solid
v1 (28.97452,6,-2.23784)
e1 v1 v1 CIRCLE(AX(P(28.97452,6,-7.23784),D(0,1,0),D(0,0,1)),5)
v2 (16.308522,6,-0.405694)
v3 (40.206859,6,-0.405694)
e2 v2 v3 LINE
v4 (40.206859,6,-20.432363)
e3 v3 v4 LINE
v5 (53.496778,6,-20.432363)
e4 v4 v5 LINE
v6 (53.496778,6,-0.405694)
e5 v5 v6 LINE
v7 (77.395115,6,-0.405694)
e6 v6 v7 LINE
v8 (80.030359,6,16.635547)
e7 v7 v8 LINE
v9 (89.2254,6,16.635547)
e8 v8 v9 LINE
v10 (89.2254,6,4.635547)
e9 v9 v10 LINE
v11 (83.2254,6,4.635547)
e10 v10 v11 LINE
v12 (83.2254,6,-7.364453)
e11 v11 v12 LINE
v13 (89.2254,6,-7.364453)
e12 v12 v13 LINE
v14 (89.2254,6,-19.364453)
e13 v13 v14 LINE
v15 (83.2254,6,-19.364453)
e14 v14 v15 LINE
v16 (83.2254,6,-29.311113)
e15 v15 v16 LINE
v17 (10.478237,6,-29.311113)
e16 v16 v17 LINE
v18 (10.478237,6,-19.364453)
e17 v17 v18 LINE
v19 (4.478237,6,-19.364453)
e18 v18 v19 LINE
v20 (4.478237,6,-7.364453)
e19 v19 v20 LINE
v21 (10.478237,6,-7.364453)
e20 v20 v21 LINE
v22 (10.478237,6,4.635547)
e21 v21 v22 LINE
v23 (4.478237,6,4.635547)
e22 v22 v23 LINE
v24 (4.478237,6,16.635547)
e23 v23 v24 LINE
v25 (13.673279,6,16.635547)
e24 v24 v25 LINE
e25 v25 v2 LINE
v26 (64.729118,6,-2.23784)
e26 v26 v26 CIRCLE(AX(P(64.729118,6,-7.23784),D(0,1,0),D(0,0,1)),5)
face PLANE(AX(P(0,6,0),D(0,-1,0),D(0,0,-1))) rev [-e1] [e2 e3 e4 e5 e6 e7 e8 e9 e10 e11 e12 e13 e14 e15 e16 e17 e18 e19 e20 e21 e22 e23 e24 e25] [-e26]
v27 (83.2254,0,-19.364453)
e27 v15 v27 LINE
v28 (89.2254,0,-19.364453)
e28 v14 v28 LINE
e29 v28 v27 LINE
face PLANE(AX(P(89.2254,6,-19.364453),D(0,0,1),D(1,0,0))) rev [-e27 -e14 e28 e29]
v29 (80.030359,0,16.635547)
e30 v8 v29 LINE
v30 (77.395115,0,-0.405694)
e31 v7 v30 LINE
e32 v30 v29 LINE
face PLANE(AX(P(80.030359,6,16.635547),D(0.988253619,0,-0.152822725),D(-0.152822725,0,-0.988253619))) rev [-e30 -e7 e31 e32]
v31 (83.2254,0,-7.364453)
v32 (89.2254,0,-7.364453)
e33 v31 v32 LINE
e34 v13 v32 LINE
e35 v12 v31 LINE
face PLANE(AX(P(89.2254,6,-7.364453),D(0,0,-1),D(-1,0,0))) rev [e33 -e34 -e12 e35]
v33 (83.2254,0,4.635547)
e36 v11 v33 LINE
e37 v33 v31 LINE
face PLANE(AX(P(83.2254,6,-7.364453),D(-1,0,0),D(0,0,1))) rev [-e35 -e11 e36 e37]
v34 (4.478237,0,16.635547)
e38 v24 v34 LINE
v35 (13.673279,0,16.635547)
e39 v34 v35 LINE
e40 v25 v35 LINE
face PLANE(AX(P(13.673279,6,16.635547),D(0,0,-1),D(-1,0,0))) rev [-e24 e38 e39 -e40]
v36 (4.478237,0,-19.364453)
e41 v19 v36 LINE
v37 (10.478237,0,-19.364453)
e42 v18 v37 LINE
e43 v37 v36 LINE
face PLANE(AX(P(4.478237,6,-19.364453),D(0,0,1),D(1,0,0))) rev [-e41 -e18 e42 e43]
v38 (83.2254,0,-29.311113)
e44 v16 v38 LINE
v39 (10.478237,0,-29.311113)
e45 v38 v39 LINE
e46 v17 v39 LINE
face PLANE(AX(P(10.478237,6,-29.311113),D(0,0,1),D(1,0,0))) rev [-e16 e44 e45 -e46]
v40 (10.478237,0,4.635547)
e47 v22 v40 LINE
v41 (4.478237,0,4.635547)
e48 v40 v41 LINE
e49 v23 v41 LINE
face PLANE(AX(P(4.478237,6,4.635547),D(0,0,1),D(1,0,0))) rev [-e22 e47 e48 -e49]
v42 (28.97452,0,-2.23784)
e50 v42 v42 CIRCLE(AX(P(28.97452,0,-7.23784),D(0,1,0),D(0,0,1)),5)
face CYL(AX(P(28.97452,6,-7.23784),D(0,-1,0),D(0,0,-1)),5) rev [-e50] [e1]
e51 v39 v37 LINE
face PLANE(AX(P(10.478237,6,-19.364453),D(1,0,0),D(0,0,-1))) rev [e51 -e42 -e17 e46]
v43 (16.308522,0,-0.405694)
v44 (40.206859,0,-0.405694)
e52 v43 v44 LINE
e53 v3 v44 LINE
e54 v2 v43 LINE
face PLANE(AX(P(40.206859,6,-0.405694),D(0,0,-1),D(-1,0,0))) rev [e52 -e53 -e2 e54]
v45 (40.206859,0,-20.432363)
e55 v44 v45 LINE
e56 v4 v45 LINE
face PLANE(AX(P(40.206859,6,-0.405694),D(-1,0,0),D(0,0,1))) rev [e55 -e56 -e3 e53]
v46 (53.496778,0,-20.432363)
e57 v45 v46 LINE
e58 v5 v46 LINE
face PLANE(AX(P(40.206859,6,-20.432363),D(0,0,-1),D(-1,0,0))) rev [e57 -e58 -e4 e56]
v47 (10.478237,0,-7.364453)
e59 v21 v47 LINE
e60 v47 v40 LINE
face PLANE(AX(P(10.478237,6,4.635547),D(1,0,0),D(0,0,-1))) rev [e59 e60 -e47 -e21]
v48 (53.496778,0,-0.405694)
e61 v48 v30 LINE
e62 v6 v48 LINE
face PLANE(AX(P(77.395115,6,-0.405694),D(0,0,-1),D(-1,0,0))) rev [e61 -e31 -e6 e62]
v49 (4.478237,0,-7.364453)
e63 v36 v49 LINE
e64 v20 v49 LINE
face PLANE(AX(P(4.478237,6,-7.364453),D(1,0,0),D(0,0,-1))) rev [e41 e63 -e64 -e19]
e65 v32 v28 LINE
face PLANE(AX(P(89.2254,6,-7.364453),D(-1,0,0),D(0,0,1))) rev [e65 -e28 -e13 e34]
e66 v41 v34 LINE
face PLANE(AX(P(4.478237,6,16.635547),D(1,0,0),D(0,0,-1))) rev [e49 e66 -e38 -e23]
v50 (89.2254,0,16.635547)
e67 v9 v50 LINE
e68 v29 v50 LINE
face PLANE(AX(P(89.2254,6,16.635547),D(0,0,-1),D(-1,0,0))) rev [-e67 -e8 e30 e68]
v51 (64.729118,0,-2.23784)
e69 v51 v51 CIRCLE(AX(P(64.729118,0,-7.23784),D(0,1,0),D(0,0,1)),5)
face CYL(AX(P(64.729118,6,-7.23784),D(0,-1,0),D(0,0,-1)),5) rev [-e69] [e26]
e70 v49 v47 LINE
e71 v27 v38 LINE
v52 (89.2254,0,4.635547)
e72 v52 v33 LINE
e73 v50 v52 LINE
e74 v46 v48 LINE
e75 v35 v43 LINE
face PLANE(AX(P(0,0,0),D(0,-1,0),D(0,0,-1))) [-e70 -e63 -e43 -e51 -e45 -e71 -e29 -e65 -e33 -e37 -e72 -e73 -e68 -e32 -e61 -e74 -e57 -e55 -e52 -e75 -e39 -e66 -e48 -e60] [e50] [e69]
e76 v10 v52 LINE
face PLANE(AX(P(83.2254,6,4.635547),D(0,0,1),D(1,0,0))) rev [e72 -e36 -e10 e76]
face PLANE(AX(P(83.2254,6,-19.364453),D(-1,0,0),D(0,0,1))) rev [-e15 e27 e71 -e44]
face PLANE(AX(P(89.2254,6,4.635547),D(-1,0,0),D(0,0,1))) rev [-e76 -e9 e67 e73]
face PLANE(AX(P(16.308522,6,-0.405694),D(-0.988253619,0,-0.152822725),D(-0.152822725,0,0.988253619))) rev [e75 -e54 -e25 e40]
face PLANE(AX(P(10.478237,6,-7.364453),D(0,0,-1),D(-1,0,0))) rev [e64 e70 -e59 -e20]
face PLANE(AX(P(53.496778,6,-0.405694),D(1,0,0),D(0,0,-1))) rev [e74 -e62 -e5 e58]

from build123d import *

# Parameters (mm, degrees)
SKETCH1_R           = 5
BOSS_EXTRUDE1_DEPTH = 6


with BuildPart() as part:
    # Sketch1 → Boss-Extrude1 (new body)
    with BuildSketch(Plane(origin=(0, 0, 0), x_dir=(1, 0, 0), z_dir=(0, 1, 0))):
        Polygon((13.673278968, -16.635546923), (4.478237082, -16.635546923), (4.478237082, -4.635546923), (10.478237082, -4.635546923), (10.478237082, 7.364453077), (4.478237082, 7.364453077), (4.478237082, 19.364453077), (10.478237082, 19.364453077), (10.478237082, 29.311113477), (83.225400432, 29.311113477), (83.225400432, 19.364453077), (89.225400432, 19.364453077), (89.225400432, 7.364453077), (83.225400432, 7.364453077), (83.225400432, -4.635546923), (89.225400432, -4.635546923), (89.225400432, -16.635546923), (80.030358547, -16.635546923), (77.395115136, 0.405693798), (53.496778433, 0.405693798), (53.496778433, 20.432362651), (40.206859082, 20.432362651), (40.206859082, 0.405693798), (16.308522379, 0.405693798), align=None)
        with Locations(Location((28.974519722, 7.237839647, 0), (0, 0, 270))):
            Circle(SKETCH1_R, mode=Mode.SUBTRACT)
        with Locations(Location((64.729117792, 7.237839647, 0), (0, 0, 270))):
            Circle(SKETCH1_R, mode=Mode.SUBTRACT)
    extrude(amount=BOSS_EXTRUDE1_DEPTH)


solid = part.part
